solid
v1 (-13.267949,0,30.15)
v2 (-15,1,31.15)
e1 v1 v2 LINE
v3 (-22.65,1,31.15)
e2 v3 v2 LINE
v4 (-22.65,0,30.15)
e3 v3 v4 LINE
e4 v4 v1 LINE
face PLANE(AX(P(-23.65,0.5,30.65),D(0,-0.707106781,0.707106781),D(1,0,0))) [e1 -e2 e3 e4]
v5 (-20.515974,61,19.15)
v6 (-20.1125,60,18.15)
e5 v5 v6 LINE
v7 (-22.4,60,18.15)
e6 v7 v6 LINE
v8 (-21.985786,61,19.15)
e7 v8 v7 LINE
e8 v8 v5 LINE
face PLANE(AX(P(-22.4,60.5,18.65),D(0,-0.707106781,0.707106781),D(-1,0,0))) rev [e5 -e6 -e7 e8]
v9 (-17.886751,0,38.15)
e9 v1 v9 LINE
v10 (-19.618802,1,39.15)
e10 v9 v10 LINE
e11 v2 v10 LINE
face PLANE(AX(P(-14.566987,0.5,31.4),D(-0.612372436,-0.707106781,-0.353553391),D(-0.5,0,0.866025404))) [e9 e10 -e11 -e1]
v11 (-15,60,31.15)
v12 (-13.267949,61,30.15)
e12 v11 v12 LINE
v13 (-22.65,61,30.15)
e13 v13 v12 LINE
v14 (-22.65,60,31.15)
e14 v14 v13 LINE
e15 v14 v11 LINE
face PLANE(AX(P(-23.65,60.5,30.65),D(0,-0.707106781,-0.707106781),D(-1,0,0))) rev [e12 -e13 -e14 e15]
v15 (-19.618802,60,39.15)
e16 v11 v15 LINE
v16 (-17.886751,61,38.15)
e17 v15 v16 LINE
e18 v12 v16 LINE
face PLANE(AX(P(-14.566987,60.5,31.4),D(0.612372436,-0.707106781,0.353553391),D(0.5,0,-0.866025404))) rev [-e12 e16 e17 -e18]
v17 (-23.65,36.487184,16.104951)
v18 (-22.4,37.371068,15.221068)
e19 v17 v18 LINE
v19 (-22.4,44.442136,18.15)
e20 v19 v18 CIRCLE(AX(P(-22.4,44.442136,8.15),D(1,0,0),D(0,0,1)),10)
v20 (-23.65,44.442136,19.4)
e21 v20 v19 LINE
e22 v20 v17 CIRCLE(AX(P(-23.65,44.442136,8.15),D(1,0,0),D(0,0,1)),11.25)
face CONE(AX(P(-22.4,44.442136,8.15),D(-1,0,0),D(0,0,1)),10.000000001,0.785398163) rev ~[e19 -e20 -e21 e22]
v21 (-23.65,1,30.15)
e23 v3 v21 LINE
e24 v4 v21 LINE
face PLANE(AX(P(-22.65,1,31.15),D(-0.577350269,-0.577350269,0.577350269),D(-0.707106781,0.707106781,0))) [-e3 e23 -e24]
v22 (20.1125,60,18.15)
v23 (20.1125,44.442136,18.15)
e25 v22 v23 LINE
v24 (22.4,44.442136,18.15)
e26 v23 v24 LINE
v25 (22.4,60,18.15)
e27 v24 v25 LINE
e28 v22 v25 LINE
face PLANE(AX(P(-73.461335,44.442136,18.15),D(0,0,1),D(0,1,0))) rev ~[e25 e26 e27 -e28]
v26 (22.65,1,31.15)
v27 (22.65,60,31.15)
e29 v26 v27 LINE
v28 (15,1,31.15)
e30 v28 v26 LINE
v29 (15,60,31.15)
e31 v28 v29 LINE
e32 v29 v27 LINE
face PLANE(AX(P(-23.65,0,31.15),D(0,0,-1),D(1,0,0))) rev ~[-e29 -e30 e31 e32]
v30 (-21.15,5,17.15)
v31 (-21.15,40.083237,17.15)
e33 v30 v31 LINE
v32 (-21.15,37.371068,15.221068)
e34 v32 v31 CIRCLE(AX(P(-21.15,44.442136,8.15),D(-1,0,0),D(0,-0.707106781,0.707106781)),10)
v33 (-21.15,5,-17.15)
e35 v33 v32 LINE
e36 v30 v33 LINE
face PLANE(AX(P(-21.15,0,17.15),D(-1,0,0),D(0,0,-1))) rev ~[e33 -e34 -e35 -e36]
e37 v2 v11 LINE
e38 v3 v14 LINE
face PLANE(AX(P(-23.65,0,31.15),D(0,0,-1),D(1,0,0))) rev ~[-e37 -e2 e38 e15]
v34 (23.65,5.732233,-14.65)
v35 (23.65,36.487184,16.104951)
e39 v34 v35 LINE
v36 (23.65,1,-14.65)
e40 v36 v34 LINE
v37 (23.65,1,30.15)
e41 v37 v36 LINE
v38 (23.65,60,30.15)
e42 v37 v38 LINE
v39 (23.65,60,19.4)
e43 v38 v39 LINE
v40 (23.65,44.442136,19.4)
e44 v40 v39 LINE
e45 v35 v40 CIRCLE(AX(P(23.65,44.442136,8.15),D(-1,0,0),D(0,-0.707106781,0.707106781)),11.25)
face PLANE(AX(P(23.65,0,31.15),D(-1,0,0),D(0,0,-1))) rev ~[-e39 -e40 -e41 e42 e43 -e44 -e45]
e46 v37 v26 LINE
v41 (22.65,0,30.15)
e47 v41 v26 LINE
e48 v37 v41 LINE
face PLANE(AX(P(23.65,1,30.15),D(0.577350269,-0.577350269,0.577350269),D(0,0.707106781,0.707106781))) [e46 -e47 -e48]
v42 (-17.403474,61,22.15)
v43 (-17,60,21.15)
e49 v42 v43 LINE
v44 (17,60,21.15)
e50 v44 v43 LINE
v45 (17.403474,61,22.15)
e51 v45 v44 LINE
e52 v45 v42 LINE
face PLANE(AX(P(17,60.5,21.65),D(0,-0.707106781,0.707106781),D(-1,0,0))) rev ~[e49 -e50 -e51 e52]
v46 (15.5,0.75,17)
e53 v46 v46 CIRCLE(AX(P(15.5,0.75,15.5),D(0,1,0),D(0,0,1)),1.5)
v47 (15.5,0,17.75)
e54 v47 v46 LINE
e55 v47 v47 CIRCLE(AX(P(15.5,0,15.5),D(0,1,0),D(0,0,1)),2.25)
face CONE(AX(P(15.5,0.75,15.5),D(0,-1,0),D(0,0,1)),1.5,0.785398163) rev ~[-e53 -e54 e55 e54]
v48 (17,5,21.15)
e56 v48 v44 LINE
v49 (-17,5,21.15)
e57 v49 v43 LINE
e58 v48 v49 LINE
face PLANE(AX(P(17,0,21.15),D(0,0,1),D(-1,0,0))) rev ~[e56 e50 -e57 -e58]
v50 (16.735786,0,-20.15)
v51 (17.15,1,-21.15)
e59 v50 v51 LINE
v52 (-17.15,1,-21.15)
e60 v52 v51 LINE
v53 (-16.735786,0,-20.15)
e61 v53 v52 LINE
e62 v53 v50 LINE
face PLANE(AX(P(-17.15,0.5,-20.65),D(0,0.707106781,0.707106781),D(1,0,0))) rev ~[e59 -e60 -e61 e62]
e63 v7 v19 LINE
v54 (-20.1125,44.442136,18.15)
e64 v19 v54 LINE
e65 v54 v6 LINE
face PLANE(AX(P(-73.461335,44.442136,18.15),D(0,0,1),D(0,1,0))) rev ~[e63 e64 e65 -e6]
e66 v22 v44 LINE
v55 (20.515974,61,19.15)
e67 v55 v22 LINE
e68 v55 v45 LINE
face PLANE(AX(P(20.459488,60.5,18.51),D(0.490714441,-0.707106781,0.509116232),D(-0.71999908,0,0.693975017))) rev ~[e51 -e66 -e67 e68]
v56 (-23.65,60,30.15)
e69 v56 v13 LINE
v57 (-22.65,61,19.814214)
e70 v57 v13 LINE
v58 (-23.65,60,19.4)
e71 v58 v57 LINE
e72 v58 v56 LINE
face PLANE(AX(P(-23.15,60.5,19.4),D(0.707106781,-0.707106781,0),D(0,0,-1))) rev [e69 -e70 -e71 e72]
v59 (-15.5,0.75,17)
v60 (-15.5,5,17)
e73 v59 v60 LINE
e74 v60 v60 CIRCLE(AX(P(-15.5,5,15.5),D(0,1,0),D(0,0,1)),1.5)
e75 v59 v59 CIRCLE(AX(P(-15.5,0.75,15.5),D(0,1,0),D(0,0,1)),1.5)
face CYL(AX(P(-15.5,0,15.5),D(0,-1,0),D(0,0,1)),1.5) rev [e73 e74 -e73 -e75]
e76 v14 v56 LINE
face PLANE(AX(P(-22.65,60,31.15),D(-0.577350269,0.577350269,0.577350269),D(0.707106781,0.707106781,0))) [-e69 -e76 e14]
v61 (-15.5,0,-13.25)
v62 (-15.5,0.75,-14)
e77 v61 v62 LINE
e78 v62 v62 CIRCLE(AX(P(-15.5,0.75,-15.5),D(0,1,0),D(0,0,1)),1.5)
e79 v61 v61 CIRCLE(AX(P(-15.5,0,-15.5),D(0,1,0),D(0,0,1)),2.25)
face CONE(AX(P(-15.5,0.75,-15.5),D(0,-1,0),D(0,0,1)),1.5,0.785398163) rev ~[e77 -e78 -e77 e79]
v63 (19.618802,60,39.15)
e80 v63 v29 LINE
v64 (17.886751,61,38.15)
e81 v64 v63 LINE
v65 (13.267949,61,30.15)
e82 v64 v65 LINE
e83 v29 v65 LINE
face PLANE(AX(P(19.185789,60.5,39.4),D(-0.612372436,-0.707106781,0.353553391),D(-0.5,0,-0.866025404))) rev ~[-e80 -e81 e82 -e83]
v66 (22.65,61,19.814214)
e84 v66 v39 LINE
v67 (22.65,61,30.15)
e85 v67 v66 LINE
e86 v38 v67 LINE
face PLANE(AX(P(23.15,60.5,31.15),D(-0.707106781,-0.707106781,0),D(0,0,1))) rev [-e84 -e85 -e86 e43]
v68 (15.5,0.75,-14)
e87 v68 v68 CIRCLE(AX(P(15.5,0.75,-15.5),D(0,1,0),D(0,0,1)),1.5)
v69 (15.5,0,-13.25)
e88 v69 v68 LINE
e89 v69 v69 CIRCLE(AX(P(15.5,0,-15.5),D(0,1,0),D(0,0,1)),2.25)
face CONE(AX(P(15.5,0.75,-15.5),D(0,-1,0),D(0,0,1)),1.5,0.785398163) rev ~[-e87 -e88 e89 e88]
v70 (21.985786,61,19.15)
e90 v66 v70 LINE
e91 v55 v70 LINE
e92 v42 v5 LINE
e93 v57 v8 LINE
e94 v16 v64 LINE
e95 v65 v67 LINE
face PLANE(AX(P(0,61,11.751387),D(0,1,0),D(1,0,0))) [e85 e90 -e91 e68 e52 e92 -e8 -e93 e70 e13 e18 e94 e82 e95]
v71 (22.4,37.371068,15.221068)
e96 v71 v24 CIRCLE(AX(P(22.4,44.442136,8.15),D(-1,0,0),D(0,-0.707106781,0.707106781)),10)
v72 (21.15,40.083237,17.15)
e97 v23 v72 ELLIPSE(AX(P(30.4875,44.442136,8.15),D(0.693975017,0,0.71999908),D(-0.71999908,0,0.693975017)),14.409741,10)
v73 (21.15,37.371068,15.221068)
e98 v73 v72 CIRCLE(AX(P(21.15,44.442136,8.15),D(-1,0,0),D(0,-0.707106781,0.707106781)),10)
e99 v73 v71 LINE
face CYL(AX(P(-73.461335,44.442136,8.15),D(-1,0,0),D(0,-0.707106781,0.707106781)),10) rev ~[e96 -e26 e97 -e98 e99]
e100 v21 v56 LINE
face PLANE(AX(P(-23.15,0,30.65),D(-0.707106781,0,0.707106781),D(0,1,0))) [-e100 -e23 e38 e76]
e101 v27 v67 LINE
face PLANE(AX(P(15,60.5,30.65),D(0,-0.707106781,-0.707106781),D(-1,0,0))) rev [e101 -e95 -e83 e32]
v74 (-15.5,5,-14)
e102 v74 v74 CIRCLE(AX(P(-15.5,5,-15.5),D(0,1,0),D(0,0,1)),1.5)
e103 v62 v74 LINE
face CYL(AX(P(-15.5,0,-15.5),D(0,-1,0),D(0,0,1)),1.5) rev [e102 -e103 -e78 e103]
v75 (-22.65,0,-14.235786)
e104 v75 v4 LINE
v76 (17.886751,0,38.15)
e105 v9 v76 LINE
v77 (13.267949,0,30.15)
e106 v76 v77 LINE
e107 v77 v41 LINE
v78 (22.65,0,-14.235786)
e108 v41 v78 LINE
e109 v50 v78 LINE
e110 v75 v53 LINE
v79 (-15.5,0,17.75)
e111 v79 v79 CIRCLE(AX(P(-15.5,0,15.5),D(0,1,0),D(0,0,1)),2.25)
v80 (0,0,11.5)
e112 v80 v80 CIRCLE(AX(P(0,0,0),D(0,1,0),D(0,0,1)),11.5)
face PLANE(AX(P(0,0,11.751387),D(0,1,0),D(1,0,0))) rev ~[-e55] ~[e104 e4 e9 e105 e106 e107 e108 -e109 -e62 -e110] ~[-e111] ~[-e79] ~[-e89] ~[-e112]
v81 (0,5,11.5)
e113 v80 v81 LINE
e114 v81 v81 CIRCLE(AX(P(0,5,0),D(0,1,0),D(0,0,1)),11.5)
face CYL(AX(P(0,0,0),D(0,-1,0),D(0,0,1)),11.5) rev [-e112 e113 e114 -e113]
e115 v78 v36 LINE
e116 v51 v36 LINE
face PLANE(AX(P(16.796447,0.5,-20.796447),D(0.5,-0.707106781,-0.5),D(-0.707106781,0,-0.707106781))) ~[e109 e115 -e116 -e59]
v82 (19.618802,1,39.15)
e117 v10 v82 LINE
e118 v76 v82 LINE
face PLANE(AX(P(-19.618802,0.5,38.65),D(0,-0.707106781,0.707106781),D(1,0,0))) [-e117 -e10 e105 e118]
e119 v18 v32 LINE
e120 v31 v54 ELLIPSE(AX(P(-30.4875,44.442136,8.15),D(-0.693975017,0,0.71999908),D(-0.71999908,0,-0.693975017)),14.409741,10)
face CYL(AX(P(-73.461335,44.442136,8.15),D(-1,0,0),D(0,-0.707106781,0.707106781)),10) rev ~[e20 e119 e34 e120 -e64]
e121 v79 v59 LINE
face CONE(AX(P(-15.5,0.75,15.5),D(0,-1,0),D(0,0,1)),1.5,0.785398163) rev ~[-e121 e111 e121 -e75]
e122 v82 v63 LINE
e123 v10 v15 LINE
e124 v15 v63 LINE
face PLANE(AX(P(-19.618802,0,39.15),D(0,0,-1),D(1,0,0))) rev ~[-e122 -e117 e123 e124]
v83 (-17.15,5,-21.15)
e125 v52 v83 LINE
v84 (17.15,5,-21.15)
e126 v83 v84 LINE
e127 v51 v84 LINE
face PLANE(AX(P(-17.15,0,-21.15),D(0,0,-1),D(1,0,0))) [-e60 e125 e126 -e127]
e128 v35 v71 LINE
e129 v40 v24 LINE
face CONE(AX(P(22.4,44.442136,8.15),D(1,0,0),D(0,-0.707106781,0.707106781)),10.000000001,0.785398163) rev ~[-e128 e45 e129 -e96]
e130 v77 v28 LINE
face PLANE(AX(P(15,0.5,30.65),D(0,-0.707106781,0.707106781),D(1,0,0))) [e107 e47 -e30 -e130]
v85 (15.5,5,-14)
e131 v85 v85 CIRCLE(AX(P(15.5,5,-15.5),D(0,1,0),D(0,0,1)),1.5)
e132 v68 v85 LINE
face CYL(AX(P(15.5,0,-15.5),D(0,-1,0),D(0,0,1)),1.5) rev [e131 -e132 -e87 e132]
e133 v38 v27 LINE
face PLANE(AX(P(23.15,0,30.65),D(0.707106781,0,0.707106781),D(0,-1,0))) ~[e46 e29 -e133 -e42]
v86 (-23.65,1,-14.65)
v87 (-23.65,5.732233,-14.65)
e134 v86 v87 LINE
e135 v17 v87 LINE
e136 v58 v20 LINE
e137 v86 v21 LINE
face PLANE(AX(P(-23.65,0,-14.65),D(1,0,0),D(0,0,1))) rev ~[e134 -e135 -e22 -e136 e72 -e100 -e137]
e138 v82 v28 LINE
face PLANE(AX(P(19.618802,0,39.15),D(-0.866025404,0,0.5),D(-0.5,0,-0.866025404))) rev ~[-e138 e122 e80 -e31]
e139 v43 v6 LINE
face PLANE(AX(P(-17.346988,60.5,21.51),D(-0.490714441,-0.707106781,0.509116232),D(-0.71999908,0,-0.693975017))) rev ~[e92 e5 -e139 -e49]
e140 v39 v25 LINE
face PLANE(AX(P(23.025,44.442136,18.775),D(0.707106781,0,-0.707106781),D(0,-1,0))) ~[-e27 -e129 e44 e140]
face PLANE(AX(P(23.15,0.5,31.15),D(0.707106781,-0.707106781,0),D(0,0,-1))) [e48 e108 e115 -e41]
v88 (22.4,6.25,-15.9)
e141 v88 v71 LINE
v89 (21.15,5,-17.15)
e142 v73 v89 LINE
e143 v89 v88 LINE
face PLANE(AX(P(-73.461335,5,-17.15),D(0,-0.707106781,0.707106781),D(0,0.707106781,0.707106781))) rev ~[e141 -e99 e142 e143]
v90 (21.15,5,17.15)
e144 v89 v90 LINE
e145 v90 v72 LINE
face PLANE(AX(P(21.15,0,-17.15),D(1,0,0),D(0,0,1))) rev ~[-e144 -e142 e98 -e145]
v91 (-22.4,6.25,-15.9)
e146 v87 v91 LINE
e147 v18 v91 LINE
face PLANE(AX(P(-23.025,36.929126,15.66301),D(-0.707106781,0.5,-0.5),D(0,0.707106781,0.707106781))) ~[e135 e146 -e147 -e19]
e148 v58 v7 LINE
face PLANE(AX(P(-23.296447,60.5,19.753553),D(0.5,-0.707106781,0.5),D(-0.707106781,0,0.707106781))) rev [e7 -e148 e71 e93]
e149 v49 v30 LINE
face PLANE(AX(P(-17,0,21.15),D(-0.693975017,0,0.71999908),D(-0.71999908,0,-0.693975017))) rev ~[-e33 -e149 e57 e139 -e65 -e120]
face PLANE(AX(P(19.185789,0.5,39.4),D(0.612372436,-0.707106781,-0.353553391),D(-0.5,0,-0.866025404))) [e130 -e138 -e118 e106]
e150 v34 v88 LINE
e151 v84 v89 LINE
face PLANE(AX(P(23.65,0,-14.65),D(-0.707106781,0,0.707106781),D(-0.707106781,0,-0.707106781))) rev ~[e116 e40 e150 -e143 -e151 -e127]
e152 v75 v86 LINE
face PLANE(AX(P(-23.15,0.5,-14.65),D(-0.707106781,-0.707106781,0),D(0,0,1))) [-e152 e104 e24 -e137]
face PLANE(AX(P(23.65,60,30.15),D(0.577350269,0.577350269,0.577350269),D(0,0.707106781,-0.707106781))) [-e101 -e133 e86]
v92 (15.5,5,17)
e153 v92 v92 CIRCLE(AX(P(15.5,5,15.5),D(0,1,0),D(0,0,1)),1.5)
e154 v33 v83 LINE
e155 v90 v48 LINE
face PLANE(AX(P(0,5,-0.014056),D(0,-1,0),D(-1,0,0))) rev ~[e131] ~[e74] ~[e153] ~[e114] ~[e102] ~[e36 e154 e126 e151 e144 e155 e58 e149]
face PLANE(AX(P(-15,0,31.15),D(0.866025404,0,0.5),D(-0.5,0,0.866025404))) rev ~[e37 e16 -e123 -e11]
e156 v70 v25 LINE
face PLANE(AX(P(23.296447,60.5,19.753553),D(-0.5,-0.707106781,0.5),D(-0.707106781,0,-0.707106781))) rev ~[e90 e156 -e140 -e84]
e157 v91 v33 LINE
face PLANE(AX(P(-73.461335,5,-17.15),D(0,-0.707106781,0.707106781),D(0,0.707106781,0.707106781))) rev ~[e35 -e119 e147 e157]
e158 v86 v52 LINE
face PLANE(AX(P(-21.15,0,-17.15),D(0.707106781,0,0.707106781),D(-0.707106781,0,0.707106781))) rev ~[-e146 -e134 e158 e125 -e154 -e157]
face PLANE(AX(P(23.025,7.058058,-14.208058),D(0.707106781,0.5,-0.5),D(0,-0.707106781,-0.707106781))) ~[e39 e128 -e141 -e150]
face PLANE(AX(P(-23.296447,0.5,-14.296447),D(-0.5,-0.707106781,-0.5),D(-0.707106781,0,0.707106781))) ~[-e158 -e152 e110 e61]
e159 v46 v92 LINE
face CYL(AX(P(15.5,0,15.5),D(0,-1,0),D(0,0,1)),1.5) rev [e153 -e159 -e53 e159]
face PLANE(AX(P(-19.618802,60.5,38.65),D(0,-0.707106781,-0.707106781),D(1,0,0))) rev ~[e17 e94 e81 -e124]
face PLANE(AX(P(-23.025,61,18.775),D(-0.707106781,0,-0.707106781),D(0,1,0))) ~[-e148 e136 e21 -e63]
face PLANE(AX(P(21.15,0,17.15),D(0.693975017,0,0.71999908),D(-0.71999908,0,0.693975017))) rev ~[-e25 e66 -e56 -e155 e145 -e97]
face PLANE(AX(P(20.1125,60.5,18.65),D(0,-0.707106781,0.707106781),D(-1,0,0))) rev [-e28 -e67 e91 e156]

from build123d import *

# Parameters (mm, degrees)
SKETCH1_R                       = 1.5
SKETCH1_R_2                     = 11.5
BRACKET_FACE_EXTRUDE_DEPTH      = 5
BRACKET_BODY_EXTRUDE_DEPTH      = 61
BRACKET_SIDE_TRIM_DEPTH         = 73.461334517
BRACKET_SIDE_TRIM_DEPTH_BACK    = 73.461334517
BRACKET_SIDE_EDGE_CHAMFER_SIZE  = 1.25
BRACKET_MOUNT_HOLE_CHAMFER_SIZE = 0.75
SLIDE_TAB_EXTRUDE_DEPTH         = 61
BRACKET_FACE_CHAMFER_SIZE       = 1


with BuildPart() as part:
    # Sketch1 → Bracket Face Extrude (new body)
    with BuildSketch(Plane(origin=(0, 0, 0), x_dir=(1, 0, 0), z_dir=(0, 1, 0))):
        Polygon((-21.15, 17.15), (-17.15, 21.15), (17.15, 21.15), (21.15, 17.15), (21.15, -17.15), (17, -21.15), (-17, -21.15), (-21.15, -17.15), align=None)
        with Locations(Location((-15.5, 15.5, 0), (0, 0, 270))):
            Circle(SKETCH1_R, mode=Mode.SUBTRACT)
        with Locations(Location((15.5, 15.5, 0), (0, 0, 270))):
            Circle(SKETCH1_R, mode=Mode.SUBTRACT)
        with Locations(Location((15.5, -15.5, 0), (0, 0, 270))):
            Circle(SKETCH1_R, mode=Mode.SUBTRACT)
        with Locations(Location((-15.5, -15.5, 0), (0, 0, 270))):
            Circle(SKETCH1_R, mode=Mode.SUBTRACT)
        with Locations(Location((0, 0, 0), (0, 0, 270))):
            Circle(SKETCH1_R_2, mode=Mode.SUBTRACT)
    extrude(amount=BRACKET_FACE_EXTRUDE_DEPTH)

    # Sketch5 → Bracket Body Extrude (add)
    with BuildSketch(Plane(origin=(0, 0, 0), x_dir=(1, 0, 0), z_dir=(0, 1, 0))):
        Polygon((-23.65, -18.212588103), (-23.65, -31.15), (23.65, -31.15), (23.65, -18.212588103), (23.65, 14.65), (21.15, 17.15), (21.15, -17.15), (17, -21.15), (-17, -21.15), (-21.15, -17.15), (-21.15, 17.15), (-23.65, 14.65), align=None)
    extrude(amount=BRACKET_BODY_EXTRUDE_DEPTH)

    # Sketch6 → Bracket Side Trim (cut, two sides: drawn at the far end of the back side and taken through both)
    with BuildSketch(Plane(origin=(0, 0, 0), x_dir=(0, 0, -1), z_dir=(1, 0, 0)).offset(-BRACKET_SIDE_TRIM_DEPTH_BACK)):
        with BuildLine():
            Line((17.15, 5), (-15.221067812, 37.371067812))
            ThreePointArc((-15.221067812, 37.371067812), (-17.388795325, 40.6153013), (-18.15, 44.442135624))
            Line((-18.15, 44.442135624), (-18.15, 61))
            Line((-18.15, 61), (17.15, 61))
            Line((17.15, 61), (17.15, 5))
        make_face()
    extrude(amount=BRACKET_SIDE_TRIM_DEPTH + BRACKET_SIDE_TRIM_DEPTH_BACK, mode=Mode.SUBTRACT)

    # Bracket Side Edge Chamfer
    bracket_side_edge_chamfer_edges = [part.edges().sort_by_distance(p)[0] for p in [
        (-23.65, 22.435533906, 0.285533906),
        (-23.65, 40.6153013, 17.388795325),
        (-23.65, 52.721067812, 18.15),
        (23.65, 52.721067812, 18.15),
        (23.65, 40.6153013, 17.388795325),
        (23.65, 22.435533906, 0.285533906),
    ]]
    chamfer(bracket_side_edge_chamfer_edges, length=BRACKET_SIDE_EDGE_CHAMFER_SIZE)

    # Bracket Mount Hole Chamfer
    bracket_mount_hole_chamfer_edges = [part.edges().sort_by_distance(p)[0] for p in [
        (-15.5, 0, -17),
        (15.5, 0, -17),
        (15.5, 0, 14),
        (-15.5, 0, 14),
    ]]
    chamfer(bracket_mount_hole_chamfer_edges, length=BRACKET_MOUNT_HOLE_CHAMFER_SIZE)

    # Sketch9 → Slide Tab Extrude (add)
    with BuildSketch(Plane(origin=(0, 0, 0), x_dir=(1, 0, 0), z_dir=(0, 1, 0))):
        Polygon((-15, -31.15), (-19.618802154, -39.15), (19.618802154, -39.15), (15, -31.15), align=None)
    extrude(amount=SLIDE_TAB_EXTRUDE_DEPTH)

    # Bracket Face Chamfer
    bracket_face_chamfer_edges = [part.edges().sort_by_distance(p)[0] for p in [
        (-23.65, 61, 25.275),
        (-21.25625, 61, 18.15),
        (23.025, 61, 18.775),
        (-23.025, 61, 18.775),
        (19.325, 0, 31.15),
        (19.325, 61, 31.15),
        (-17.309401077, 0, 35.15),
        (0, 0, 39.15),
        (17.309401077, 0, 35.15),
        (17.309401077, 61, 35.15),
        (-17.309401077, 61, 35.15),
        (0, 61, 39.15),
        (-23.65, 0, 8.25),
        (-19.325, 0, 31.15),
        (-23.65, 30.5, 31.15),
        (23.65, 0, 8.25),
        (23.65, 30.5, 31.15),
        (-19.325, 61, 31.15),
        (23.65, 61, 25.275),
        (0, 61, 21.15),
        (-18.55625, 61, 19.65),
        (18.55625, 61, 19.65),
        (21.25625, 61, 18.15),
        (-20.4, 0, -17.9),
        (0, 0, -21.15),
        (20.4, 0, -17.9),
    ]]
    chamfer(bracket_face_chamfer_edges, length=BRACKET_FACE_CHAMFER_SIZE)


solid = part.part
